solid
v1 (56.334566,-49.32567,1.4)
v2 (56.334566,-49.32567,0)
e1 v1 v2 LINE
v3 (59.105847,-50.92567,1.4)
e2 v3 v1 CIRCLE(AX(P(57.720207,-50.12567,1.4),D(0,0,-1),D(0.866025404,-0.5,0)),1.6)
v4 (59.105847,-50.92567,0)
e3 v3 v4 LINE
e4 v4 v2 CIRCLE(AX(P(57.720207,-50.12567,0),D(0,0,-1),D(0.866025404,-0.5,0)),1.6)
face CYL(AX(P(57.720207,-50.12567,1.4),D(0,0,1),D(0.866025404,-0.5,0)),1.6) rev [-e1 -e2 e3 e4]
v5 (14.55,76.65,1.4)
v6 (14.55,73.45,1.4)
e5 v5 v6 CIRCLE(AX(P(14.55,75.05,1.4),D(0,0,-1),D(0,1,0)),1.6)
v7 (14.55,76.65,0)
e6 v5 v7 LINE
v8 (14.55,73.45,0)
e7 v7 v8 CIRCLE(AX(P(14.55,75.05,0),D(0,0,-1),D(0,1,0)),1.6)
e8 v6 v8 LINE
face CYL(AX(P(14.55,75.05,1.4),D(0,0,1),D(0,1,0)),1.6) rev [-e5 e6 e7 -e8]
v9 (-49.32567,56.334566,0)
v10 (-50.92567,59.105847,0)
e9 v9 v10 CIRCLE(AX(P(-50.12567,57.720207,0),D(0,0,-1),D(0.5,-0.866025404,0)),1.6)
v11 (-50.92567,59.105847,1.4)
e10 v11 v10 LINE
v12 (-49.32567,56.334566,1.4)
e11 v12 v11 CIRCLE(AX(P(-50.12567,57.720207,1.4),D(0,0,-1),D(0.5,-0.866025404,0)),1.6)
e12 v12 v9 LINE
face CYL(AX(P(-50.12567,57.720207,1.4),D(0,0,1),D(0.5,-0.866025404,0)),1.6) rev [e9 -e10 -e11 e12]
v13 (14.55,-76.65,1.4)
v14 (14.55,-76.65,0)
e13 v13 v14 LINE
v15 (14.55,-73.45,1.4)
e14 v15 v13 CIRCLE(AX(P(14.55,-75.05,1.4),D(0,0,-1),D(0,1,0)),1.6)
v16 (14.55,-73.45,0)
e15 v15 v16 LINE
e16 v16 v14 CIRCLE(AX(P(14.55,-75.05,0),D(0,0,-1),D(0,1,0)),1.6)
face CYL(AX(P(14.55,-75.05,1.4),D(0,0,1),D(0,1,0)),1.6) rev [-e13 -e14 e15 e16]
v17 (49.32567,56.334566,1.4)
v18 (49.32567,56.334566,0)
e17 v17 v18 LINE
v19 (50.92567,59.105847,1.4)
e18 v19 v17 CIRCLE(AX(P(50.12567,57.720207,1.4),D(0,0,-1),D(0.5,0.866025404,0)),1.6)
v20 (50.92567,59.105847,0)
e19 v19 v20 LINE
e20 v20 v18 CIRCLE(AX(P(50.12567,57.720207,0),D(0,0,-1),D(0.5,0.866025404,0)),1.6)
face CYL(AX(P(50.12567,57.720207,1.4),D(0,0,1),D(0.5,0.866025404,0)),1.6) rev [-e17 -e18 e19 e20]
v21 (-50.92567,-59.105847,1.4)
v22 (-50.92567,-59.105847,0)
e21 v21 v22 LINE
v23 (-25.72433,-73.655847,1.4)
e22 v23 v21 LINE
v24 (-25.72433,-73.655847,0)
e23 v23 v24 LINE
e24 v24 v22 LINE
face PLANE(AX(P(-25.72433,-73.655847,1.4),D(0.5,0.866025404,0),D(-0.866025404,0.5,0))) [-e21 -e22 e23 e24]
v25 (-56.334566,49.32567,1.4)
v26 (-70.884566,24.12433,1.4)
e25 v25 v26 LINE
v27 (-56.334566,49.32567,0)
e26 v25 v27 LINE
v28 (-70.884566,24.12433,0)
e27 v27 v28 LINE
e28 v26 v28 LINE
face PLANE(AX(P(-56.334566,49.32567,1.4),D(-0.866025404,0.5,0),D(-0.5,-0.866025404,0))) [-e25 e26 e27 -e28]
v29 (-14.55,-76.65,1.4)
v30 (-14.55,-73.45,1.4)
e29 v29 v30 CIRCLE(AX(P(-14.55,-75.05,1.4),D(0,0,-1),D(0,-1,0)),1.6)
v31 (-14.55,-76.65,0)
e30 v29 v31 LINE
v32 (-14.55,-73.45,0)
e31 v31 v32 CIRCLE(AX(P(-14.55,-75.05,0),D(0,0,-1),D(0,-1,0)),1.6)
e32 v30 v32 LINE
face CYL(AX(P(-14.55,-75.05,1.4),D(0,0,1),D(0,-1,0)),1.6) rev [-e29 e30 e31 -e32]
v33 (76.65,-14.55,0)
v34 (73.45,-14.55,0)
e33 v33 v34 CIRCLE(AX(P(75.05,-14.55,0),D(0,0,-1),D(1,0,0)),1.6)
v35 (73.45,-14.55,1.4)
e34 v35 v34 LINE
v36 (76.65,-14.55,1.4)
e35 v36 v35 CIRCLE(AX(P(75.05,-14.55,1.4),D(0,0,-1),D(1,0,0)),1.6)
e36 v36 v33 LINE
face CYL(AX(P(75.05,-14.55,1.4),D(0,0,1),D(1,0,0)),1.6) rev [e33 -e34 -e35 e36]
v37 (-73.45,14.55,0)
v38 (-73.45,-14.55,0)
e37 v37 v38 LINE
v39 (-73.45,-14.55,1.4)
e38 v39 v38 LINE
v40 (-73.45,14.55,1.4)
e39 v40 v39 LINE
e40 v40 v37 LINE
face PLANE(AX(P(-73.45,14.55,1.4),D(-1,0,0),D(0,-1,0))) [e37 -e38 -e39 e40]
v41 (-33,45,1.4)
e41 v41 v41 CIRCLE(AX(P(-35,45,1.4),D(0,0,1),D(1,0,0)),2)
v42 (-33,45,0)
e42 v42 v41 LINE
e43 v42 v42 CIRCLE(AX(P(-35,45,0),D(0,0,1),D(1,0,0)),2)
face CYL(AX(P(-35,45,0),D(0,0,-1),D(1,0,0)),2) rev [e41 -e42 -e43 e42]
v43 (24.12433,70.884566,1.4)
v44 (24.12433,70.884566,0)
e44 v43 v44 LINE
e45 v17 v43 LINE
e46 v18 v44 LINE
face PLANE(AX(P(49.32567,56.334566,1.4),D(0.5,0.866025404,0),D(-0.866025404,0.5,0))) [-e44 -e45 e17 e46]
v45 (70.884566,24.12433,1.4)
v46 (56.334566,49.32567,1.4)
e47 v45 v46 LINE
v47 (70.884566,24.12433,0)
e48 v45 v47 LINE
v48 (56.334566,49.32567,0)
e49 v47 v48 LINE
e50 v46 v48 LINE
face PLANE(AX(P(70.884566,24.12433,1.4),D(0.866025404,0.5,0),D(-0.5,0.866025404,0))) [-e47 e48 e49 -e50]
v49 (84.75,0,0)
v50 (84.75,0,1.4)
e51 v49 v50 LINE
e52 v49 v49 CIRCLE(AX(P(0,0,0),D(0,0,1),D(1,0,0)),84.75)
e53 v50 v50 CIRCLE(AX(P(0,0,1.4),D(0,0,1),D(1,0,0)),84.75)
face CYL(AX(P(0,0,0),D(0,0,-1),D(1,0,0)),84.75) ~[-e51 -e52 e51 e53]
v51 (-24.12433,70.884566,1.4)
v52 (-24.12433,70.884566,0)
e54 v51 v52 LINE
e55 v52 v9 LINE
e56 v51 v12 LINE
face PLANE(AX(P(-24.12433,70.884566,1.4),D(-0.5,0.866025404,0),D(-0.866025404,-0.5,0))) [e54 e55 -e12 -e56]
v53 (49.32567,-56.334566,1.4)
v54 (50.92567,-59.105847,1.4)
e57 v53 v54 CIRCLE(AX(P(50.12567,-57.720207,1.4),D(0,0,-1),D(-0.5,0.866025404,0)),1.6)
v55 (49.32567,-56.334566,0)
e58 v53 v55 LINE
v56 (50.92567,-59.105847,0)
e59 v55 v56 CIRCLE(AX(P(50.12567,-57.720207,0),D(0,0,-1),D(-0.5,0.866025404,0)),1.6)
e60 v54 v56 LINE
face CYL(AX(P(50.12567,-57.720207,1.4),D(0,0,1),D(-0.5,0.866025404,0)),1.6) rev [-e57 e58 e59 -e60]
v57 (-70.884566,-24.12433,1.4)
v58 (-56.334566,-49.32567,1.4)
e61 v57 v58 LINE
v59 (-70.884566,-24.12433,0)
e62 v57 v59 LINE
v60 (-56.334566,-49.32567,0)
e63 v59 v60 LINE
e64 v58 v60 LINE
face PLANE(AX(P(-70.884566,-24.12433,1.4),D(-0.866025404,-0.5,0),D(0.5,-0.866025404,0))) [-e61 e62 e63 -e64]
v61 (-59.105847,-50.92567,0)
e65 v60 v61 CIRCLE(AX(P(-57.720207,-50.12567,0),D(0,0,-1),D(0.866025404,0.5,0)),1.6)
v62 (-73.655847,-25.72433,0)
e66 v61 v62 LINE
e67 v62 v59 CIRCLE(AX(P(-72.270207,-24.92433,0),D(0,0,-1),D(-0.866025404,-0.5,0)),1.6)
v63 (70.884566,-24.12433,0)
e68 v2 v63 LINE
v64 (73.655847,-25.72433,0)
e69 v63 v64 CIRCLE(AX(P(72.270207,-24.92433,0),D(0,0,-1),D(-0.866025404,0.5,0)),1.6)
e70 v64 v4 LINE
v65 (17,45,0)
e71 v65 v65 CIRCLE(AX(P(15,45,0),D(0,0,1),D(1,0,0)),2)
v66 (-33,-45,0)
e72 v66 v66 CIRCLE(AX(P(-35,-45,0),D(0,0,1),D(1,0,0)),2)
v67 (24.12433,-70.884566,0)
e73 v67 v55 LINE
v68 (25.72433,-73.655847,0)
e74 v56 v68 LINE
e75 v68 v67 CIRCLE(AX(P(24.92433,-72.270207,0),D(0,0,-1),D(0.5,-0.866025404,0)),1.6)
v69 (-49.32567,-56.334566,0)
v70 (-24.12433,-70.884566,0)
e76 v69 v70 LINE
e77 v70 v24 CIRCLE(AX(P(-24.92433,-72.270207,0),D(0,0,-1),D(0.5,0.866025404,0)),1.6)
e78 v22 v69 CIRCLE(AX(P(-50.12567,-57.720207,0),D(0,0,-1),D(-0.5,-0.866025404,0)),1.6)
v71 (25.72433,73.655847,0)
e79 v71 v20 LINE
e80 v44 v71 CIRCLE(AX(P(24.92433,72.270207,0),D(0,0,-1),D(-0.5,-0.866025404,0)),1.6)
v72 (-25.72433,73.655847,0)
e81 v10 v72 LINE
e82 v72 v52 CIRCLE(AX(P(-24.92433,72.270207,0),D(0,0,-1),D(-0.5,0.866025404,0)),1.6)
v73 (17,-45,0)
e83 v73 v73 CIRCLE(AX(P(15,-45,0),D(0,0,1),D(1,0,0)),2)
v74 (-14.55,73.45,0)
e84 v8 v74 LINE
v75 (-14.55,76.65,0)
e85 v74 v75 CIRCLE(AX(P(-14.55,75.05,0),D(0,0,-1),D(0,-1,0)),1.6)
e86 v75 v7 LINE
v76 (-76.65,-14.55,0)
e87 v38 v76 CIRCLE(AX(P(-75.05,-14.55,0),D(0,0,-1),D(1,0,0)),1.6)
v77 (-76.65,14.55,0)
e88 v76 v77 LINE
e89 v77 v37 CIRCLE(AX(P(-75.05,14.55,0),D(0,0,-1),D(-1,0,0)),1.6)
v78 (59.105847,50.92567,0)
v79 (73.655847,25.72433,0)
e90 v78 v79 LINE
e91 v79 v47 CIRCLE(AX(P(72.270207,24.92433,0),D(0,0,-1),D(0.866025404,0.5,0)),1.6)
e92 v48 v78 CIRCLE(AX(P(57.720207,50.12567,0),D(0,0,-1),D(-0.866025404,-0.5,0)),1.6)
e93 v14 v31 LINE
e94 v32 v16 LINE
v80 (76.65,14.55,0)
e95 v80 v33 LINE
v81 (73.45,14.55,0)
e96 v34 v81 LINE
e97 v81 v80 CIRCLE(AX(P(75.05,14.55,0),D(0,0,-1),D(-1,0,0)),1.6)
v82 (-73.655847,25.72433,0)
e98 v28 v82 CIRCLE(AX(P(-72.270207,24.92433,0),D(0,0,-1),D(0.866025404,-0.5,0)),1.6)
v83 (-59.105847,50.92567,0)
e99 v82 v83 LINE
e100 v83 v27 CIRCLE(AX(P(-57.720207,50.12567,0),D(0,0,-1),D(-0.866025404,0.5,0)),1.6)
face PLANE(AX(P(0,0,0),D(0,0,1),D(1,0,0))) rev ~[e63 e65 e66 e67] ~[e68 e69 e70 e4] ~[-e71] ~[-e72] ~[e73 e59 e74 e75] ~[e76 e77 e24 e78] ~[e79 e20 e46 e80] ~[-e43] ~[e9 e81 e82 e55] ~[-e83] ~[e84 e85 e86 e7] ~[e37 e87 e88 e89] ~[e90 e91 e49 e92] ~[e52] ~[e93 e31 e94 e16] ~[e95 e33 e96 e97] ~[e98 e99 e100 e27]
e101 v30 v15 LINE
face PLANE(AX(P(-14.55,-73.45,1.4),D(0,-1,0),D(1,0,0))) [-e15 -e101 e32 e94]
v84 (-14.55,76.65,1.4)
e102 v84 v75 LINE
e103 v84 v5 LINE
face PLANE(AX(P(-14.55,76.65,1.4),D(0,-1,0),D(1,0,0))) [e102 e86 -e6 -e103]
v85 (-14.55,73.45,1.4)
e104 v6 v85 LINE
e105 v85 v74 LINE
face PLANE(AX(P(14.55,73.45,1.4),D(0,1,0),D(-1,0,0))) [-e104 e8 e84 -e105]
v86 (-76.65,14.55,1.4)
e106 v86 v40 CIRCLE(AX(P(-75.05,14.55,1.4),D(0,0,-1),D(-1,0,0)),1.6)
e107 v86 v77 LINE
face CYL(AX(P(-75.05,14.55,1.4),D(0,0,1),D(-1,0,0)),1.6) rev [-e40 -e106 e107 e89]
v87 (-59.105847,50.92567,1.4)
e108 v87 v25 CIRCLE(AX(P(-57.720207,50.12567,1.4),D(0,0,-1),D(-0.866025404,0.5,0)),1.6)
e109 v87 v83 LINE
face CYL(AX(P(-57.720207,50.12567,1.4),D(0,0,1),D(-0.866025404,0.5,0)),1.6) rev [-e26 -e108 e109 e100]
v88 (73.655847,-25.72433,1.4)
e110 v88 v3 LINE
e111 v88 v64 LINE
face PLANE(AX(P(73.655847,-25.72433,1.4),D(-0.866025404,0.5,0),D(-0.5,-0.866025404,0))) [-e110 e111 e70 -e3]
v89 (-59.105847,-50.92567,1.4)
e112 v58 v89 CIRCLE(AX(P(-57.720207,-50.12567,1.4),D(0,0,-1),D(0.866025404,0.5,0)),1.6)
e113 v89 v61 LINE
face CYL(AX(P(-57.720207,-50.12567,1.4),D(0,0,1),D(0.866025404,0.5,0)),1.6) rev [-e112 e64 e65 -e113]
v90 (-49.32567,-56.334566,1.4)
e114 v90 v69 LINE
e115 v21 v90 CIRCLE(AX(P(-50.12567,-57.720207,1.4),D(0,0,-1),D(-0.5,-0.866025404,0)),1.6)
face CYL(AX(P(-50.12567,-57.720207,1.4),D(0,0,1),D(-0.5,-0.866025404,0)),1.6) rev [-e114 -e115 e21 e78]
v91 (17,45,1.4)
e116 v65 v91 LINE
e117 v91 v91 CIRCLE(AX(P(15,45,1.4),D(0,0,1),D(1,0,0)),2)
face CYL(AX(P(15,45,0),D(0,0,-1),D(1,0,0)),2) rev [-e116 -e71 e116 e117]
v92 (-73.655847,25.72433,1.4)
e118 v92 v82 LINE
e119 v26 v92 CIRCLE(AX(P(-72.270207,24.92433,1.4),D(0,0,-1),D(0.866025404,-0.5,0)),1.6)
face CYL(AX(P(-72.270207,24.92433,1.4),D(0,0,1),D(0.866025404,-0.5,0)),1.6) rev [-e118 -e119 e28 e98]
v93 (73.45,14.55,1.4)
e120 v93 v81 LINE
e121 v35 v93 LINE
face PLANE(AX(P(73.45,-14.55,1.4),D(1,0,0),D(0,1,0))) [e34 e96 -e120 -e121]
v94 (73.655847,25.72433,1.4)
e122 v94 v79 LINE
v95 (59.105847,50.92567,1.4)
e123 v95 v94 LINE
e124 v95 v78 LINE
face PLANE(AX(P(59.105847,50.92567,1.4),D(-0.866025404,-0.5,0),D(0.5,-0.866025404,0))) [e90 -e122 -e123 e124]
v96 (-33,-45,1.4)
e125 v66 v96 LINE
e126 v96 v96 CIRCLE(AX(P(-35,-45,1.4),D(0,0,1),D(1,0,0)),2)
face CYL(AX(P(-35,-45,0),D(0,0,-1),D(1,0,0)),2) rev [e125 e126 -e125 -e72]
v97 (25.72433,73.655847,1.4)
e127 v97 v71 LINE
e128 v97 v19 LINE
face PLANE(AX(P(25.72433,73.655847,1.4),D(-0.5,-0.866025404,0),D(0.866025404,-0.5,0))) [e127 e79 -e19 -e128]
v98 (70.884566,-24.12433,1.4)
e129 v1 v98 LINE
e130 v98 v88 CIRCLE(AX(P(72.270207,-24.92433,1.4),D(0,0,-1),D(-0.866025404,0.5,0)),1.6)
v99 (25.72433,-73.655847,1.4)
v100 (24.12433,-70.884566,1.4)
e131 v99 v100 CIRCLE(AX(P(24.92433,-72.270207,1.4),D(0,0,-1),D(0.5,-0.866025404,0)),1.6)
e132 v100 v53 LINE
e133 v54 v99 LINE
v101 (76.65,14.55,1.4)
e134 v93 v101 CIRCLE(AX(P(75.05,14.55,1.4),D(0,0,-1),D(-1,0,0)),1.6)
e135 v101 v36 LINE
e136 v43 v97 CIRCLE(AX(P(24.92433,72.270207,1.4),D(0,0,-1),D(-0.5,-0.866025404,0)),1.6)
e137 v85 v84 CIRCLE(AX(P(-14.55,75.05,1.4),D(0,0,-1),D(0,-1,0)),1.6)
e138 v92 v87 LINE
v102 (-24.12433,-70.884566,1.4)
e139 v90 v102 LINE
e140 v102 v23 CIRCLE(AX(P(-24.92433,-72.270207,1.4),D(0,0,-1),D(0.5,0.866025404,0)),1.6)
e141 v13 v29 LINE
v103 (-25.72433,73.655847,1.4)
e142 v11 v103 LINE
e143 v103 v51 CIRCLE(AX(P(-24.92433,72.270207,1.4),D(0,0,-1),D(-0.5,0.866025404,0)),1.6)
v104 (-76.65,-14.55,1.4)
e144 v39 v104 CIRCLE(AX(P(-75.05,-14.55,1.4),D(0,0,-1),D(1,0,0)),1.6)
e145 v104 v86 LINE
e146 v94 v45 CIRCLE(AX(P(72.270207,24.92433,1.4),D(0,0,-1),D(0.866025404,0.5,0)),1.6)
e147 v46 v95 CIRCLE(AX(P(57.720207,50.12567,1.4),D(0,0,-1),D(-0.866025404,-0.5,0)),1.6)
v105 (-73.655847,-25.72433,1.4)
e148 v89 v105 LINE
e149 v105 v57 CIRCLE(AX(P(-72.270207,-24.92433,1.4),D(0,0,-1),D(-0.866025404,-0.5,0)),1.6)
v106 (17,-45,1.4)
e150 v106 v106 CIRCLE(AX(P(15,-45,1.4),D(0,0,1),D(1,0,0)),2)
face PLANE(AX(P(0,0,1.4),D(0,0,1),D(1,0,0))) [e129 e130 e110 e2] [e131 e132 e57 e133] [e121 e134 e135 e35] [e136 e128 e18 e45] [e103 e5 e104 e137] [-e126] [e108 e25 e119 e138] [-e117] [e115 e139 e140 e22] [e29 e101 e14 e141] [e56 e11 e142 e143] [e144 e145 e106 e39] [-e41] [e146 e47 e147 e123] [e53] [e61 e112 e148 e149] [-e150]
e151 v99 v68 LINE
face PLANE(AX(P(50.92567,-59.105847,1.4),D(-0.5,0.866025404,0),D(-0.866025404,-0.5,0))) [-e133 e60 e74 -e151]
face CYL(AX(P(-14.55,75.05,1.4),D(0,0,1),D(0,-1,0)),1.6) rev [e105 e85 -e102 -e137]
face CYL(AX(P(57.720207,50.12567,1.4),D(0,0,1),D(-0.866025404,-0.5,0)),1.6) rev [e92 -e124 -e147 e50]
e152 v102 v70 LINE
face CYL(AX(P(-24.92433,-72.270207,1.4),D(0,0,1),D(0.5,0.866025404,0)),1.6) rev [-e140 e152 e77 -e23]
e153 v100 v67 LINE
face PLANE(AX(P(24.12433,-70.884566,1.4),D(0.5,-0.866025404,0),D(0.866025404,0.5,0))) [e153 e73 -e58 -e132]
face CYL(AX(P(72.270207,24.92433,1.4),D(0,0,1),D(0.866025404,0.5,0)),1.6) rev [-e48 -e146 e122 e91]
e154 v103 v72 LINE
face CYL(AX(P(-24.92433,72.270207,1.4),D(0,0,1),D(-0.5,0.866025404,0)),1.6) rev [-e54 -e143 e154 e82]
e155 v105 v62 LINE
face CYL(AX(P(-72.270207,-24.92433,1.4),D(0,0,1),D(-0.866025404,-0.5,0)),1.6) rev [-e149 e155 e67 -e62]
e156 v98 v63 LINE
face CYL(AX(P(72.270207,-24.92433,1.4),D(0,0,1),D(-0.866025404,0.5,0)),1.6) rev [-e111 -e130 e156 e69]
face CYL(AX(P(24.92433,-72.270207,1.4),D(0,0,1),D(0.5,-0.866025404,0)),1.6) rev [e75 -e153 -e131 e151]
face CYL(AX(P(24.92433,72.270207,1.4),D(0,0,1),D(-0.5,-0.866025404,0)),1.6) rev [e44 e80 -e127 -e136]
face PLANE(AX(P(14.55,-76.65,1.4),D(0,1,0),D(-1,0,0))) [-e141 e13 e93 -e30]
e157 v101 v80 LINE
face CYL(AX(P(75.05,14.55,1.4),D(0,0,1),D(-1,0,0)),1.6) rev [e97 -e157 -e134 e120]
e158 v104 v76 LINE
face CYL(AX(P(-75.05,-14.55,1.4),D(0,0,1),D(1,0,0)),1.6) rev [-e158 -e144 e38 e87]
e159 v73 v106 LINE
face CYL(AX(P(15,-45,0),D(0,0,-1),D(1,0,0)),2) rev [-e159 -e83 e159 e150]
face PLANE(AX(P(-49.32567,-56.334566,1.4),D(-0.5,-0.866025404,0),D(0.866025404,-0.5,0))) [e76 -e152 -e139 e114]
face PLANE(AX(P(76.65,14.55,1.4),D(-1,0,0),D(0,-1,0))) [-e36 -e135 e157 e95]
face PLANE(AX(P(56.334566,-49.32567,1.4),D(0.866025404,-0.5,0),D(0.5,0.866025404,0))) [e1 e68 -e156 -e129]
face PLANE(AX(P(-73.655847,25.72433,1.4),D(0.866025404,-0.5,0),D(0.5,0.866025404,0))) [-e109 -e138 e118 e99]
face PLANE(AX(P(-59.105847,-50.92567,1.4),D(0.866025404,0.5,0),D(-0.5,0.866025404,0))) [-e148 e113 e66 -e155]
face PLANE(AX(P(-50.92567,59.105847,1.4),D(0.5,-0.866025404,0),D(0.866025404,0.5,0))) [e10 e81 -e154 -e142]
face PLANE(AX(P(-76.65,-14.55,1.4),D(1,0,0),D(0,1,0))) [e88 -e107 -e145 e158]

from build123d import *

# Parameters (mm, degrees)
SKETCH_1_R               = 84.75
SKETCH_1_R_2             = 2
EXTRUDE_1_DEPTH          = 1.4
CUT_EXTRUDE_1_DEPTH      = 1.4
PATTERN_CIRCULAR_1_COUNT = 12


with BuildPart() as part:
    # Эскиз1 → Бобышка-Вытянуть1 (new body)
    with BuildSketch(Plane.XY):
        Circle(SKETCH_1_R)
        with Locations((15, 45)):
            Circle(SKETCH_1_R_2, mode=Mode.SUBTRACT)
        with Locations((-35, 45)):
            Circle(SKETCH_1_R_2, mode=Mode.SUBTRACT)
        with Locations((-35, -45)):
            Circle(SKETCH_1_R_2, mode=Mode.SUBTRACT)
        with Locations((15, -45)):
            Circle(SKETCH_1_R_2, mode=Mode.SUBTRACT)
    extrude(amount=EXTRUDE_1_DEPTH)

    # Эскиз2 → Вырез-Вытянуть1 (cut)
    with BuildSketch(Plane.XY.offset(1.4)):
        with BuildLine():
            Line((73.45, -14.55), (73.45, 14.55))
            ThreePointArc((73.45, 14.55), (75.05, 16.15), (76.65, 14.55))
            Line((76.65, 14.55), (76.65, -14.55))
            ThreePointArc((76.65, -14.55), (75.05, -16.15), (73.45, -14.55))
        make_face()
    cut_extrude_1 = extrude(amount=-CUT_EXTRUDE_1_DEPTH, mode=Mode.SUBTRACT)

    # Круговой массив1: Вырез-Вытянуть1 ×12 about axis
    pattern_circular_1_axis = Axis((0, 0, 0), (0, 0, 1))
    for i in range(1, PATTERN_CIRCULAR_1_COUNT):
        add(cut_extrude_1.rotate(pattern_circular_1_axis, i * 360 / PATTERN_CIRCULAR_1_COUNT), mode=Mode.SUBTRACT)


solid = part.part
